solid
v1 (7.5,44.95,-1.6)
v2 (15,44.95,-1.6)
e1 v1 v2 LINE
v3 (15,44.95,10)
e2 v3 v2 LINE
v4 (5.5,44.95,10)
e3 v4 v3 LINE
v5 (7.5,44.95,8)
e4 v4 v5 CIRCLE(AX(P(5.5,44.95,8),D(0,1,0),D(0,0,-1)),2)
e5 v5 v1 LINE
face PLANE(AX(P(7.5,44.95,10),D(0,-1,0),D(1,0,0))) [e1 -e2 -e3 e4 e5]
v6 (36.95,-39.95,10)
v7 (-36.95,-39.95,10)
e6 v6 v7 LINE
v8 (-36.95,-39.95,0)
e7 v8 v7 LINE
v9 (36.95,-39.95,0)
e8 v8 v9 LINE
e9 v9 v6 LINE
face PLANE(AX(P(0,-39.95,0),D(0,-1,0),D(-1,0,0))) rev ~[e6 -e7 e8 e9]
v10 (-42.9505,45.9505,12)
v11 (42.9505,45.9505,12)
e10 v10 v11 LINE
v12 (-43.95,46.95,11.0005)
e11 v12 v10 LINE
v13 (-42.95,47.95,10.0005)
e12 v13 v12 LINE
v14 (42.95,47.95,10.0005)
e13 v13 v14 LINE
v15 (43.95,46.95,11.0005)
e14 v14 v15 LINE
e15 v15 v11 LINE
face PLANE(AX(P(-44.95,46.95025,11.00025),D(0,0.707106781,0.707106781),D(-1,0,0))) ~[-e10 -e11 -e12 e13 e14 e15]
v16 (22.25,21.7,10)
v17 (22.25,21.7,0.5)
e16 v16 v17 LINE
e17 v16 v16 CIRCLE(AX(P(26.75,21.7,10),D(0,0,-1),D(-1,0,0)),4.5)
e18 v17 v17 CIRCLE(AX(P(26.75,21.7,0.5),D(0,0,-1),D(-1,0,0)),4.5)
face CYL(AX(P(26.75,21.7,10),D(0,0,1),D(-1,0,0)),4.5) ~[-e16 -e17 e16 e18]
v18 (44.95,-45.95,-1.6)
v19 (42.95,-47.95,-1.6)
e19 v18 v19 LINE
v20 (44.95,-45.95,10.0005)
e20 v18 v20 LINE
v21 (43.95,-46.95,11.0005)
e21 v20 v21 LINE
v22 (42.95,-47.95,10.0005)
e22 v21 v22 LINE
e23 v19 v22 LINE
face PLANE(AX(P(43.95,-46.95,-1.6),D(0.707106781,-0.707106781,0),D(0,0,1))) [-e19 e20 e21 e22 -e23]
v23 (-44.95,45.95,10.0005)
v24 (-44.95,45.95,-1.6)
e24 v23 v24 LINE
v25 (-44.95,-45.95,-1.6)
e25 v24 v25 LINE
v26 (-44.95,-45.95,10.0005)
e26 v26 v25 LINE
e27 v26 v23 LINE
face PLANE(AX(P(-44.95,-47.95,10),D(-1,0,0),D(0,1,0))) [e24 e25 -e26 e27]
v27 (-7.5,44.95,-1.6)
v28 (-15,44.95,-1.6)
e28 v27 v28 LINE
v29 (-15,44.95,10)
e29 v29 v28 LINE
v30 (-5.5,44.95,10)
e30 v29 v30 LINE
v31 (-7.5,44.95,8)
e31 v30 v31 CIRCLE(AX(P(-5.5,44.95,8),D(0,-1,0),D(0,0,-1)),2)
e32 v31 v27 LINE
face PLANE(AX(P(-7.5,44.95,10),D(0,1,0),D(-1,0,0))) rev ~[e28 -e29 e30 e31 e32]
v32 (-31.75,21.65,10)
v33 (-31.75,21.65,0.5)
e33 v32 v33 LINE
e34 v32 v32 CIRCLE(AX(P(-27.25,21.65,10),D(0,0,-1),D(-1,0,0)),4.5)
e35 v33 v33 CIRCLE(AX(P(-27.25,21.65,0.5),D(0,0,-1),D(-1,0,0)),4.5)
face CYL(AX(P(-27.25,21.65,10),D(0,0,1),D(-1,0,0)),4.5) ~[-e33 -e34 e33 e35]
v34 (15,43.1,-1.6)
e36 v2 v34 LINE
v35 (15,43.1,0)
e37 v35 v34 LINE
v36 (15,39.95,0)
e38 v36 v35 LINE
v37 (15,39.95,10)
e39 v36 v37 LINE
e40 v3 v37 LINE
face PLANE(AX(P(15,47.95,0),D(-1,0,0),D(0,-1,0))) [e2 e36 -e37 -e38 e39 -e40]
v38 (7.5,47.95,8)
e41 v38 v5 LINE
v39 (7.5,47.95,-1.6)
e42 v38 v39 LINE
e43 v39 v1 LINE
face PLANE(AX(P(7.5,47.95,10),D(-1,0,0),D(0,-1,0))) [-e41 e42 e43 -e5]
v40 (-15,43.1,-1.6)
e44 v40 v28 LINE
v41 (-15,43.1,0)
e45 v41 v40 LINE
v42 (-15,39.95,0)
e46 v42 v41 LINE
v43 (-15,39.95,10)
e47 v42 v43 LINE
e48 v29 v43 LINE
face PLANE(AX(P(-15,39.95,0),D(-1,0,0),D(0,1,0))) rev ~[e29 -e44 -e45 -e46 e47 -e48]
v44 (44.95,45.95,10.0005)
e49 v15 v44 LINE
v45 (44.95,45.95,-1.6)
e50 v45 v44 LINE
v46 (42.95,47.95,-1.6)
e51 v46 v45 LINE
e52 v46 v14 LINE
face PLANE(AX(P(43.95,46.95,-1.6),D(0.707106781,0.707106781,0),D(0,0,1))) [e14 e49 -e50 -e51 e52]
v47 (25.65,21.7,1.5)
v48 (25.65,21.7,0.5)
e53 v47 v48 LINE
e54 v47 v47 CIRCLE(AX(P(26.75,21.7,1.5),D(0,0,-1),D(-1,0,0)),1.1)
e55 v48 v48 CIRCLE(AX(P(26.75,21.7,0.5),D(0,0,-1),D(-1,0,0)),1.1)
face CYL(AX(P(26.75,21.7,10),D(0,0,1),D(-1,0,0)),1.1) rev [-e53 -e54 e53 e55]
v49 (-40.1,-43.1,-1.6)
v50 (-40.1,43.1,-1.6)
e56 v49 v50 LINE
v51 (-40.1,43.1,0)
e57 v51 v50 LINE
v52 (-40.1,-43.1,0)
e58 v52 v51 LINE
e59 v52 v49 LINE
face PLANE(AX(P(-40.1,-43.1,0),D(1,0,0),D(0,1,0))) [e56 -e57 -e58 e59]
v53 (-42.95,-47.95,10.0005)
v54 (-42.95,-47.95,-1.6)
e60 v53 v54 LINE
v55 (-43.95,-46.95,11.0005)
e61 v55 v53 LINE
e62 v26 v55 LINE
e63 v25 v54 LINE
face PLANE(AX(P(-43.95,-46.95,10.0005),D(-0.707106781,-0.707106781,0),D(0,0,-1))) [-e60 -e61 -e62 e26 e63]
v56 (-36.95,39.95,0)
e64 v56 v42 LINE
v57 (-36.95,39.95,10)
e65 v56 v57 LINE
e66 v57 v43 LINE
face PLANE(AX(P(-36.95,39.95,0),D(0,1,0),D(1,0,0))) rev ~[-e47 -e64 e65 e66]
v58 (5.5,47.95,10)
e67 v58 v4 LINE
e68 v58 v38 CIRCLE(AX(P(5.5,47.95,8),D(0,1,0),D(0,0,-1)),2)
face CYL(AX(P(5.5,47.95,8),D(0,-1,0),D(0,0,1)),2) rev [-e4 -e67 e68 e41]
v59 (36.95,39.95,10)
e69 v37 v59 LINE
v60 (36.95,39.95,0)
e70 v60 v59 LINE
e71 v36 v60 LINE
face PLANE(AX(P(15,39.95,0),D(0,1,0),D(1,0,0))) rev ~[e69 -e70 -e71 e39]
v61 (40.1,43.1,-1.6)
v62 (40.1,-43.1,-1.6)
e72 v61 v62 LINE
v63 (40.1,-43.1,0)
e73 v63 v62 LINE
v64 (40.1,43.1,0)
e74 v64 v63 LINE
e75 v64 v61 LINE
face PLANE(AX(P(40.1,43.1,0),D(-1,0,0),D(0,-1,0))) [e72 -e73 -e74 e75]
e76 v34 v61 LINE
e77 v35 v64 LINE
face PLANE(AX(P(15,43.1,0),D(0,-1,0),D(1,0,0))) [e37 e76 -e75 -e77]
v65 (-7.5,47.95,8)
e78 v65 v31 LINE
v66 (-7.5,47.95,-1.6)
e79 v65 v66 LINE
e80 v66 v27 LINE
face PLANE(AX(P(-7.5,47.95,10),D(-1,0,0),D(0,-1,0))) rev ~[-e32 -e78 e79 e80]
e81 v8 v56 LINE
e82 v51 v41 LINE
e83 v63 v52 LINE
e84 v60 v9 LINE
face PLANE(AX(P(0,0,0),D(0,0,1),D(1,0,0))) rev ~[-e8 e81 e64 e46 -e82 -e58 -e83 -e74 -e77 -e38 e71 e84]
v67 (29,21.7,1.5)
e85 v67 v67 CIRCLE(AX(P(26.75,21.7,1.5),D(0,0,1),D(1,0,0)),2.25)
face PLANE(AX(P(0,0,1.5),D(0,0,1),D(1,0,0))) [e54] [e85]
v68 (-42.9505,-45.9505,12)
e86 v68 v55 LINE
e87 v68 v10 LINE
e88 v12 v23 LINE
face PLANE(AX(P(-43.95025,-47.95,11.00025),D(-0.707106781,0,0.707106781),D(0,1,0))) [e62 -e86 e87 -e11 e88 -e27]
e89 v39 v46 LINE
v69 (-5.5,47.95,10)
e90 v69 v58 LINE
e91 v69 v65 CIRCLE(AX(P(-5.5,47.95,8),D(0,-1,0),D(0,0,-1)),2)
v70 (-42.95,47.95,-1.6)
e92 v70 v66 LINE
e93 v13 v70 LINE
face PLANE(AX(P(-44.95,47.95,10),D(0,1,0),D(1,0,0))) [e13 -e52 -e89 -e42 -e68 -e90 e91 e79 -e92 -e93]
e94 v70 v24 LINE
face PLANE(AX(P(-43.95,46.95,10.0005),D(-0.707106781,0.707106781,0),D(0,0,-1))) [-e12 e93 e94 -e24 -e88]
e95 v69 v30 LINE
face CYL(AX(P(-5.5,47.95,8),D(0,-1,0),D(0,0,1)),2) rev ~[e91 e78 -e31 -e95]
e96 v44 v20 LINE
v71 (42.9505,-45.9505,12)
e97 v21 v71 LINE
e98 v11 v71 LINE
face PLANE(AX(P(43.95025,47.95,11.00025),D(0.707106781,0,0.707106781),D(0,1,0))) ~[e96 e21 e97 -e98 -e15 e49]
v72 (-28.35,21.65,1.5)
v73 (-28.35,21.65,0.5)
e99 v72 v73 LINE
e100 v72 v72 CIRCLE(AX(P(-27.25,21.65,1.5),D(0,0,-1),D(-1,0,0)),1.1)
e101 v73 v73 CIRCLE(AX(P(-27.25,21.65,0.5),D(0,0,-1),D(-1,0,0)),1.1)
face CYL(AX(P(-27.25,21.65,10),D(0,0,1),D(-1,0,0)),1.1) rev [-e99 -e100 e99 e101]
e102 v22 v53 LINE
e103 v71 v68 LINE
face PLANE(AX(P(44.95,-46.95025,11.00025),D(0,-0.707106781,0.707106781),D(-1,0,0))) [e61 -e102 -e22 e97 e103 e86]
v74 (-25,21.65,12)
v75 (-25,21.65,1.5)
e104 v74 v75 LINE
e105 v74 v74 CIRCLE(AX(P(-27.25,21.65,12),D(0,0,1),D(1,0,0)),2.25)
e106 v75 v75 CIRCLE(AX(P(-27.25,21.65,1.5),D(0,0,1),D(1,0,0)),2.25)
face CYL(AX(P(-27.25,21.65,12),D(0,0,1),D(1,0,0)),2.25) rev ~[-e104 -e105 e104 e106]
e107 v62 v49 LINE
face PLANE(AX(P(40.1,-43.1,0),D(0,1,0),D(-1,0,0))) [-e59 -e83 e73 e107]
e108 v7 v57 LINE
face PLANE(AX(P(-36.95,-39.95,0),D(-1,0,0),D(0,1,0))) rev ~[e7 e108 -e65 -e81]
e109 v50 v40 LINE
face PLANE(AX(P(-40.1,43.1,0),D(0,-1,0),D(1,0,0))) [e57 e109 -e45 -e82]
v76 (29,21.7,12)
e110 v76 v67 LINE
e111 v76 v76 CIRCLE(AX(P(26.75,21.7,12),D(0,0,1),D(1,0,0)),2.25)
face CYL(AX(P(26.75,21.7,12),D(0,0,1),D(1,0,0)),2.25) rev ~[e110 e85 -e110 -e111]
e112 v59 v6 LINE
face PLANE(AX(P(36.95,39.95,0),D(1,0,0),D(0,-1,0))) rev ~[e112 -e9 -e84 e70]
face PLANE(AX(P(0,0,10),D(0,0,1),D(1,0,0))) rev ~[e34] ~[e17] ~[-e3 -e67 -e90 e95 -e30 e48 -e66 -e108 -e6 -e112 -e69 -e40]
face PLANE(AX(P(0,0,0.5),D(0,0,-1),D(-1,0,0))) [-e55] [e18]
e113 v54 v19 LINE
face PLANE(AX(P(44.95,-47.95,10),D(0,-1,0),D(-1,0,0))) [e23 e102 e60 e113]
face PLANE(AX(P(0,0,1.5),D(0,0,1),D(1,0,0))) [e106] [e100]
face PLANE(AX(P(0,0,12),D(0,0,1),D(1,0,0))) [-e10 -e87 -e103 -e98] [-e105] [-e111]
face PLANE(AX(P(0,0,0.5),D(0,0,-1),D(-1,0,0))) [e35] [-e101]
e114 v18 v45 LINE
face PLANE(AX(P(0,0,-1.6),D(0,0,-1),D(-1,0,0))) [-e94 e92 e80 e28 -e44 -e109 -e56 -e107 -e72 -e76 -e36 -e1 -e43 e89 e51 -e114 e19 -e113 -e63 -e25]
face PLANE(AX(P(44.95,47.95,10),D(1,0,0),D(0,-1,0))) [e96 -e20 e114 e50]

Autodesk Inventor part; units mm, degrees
ref_plane "YZ Plane" through (0, 0, 0) normal (1, 0, 0) x (0, 1, 0)
ref_plane "XZ Plane" through (0, 0, 0) normal (0, 1, 0) x (-1, 0, 0)
ref_plane "XY Plane" through (0, 0, 0) normal (0, 0, 1) x (1, 0, 0)
sketch "Skizze1" plane through (0, 0, 0) normal (0, 0, 1) x (1, 0, 0)
  line L0 (-39.95, 42.95) -> (-39.95, -42.95) projected
  line L1 (-39.95, -42.95) -> (39.95, -42.95) projected
  line L2 (39.95, -42.95) -> (39.95, 42.95) projected
  line L3 (39.95, 42.95) -> (-39.95, 42.95) projected
  line L4 (-36.95, 39.95) -> (-15, 39.95)
  line L5 (36.95, 39.95) -> (36.95, -39.95)
  line L6 (36.95, -39.95) -> (-36.95, -39.95)
  line L7 (-36.95, -39.95) -> (-36.95, 39.95)
  line L8 (-36.95, 39.95) -> (36.95, -39.95) construction
  line L9 (36.95, 39.95) -> (-36.95, -39.95) construction
  line L10 (0, -67.13) -> (0, 67.13) projected
  line L11 (-15, 39.95) -> (-15, 42.95)
  line L12 (15, 39.95) -> (15, 42.95)
  line L13 (15, 39.95) -> (36.95, 39.95)
  line L14 (44.95, -47.95) -> (-44.95, -47.95)
  line L15 (-44.95, -47.95) -> (-44.95, 47.95)
  line L16 (-44.95, 47.95) -> (-15, 47.95)
  line L17 (44.95, 47.95) -> (44.95, -47.95)
  line L18 (44.95, -47.95) -> (-44.95, 47.95) construction
  line L19 (-44.95, -47.95) -> (44.95, 47.95) construction
  line L20 (-15, 42.95) -> (-15, 47.95)
  line L21 (15, 42.95) -> (15, 47.95)
  line L22 (15, 47.95) -> (44.95, 47.95)
  point P0 (0, 0)
  point P1 (-15, 41.45)
  dimension "d0" = 3
  dimension "d1" = 3
  dimension "d2" = 30
  dimension "d4" = 5
  dimension "d5" = 5
extrude "Extrusion1" add sketch "Skizze1" along normal blind 10 contours L3 L11 L4 L7 L6 L10 L1 L0 | L0 L1 L10 L14 L15 L16 L20 L3 | L10 L6 L5 L13 L12 L3 L2 L1 | L1 L2 L3 L21 L22 L17 L14 L10
sketch "Skizze2" plane through (0, 0, 0) normal (0, 0, -1) x (-1, 0, 0)
  line L0 (-39.95, 42.95) -> (39.95, 42.95) projected
  line L1 (39.95, 42.95) -> (39.95, -42.95) projected
  line L2 (39.95, -42.95) -> (-39.95, -42.95) projected
  line L3 (-39.95, -42.95) -> (-39.95, 42.95) projected
  line L4 (-44.95, -47.95) -> (-44.95, 47.95) projected
  line L5 (-44.95, 47.95) -> (-15, 47.95) projected
  line L6 (44.95, -47.95) -> (-44.95, -47.95) projected
  line L7 (44.95, 47.95) -> (44.95, -47.95) projected
  line L8 (15, 47.95) -> (44.95, 47.95) projected
  line L9 (15, 39.95) -> (15, 47.95) projected
  line L10 (15, 47.95) -> (44.95, 47.95) projected
  line L11 (15, 47.95) -> (15, 42.95)
  line L12 (15, 39.95) -> (15, 47.95) projected
  line L13 (15, 47.95) -> (44.95, 47.95)
  line L14 (44.95, 47.95) -> (44.95, -47.95) projected
  line L15 (44.95, -47.95) -> (44.95, 47.95)
  line L16 (15, 42.95) -> (39.95, 42.95)
  line L17 (39.95, 42.95) -> (39.95, -42.95)
  line L18 (39.95, -42.95) -> (-39.95, -42.95)
  line L19 (-39.95, 42.95) -> (-39.95, -42.95)
  line L20 (-39.95, 42.95) -> (-15, 42.95)
  line L21 (-15, 47.95) -> (-15, 39.95) projected
  line L22 (-15, 42.95) -> (-15, 47.95)
  line L23 (-44.95, -47.95) -> (-44.95, 47.95) projected
  line L24 (-15, 47.95) -> (-44.95, 47.95)
  line L25 (-44.95, 47.95) -> (-44.95, -47.95)
  line L26 (-40.1, -43.1) -> (40.1, -43.1)
  line L27 (40.1, -43.1) -> (40.1, 43.1)
  line L28 (40.1, 43.1) -> (-40.1, 43.1)
  line L29 (-40.1, 43.1) -> (-40.1, -43.1)
  line L30 (-40.1, -43.1) -> (40.1, 43.1) construction
  line L31 (40.1, -43.1) -> (-40.1, 43.1) construction
  point P0 (0, 0)
  point P1 (15, 43.1)
  point P2 (-15, 43.1)
  dimension "d35" = 80.2
  dimension "d36" = 86.2
extrude "Extrusion2" add sketch "Skizze2" along normal blind 1.6 contours L28 L29 L26 L27 L9 L8 L7 L6 L4 L5 L21
sketch "Skizze3" plane through (0, 0, 10) normal (0, 0, 1) x (1, 0, 0)
  line L0 (44.95, -47.95) -> (-44.95, -47.95) projected
  line L1 (-44.95, 47.95) -> (44.95, 47.95)
  line L2 (44.95, 47.95) -> (44.95, -47.95)
  line L3 (44.95, -47.95) -> (-44.95, -47.95)
  line L4 (-44.95, -47.95) -> (-44.95, 47.95)
  point P0 (0, 0)
extrude "Extrusion3" add sketch "Skizze3" along normal blind 2
sketch "Skizze4" plane through (0, 0, 10) normal (0, 0, -1) x (-1, 0, 0)
  line L0 (15, 39.95) -> (15, 47.95) projected
  line L1 (-15, 47.95) -> (15, 47.95) projected
  line L2 (-15, 47.95) -> (-15, 39.95) projected
  line L3 (-15, 39.95) -> (-36.95, 39.95) projected
  line L4 (-36.95, 39.95) -> (-36.95, -39.95) projected
  line L5 (-36.95, -39.95) -> (36.95, -39.95) projected
  line L6 (36.95, -39.95) -> (36.95, 39.95) projected
  line L7 (36.95, 39.95) -> (15, 39.95) projected
  line L8 (0, -67.13) -> (0, 67.13) projected
  line L9 (-15, 47.95) -> (15, 47.95) projected
  line L10 (15, 47.95) -> (7.5, 47.95)
  line L11 (7.5, 47.95) -> (7.5, 44.95)
  line L12 (7.5, 44.95) -> (15, 44.95)
  line L13 (15, 44.95) -> (15, 47.95)
  line L14 (-15, 39.95) -> (-15, 47.95)
  line L15 (15, 47.95) -> (-15, 47.95)
  line L16 (-7.5, 47.95) -> (-7.5, 44.95)
  line L17 (-7.5, 44.95) -> (-15, 44.95)
  point P0 (0, 0)
  point P1 (-7.5, 47.95)
  point P2 (-15, 44.95)
  point P3 (15, 44.95)
  point P4 (7.5, 47.95)
  point P5 (7.5, 46.45)
  point P6 (11.25, 47.95)
  dimension "d14" = 15
  dimension "d15" = 3
extrude "Extrusion4" add sketch "Skizze4" along normal up to surface (11.6 mm away) contours L12 L11 L1 L0 | L16 L17 L2 L1
fillet "Rundung1" radius 2 2 edges at (-7.5, 46.45, 10) (7.5, 46.45, 10)
fillet "Rundung2" [suppressed]
fillet "Rundung3" [suppressed]
sketch "Skizze5" plane through (0, 0, 10) normal (0, 0, -1) x (-1, 0, 0)
  circle A0 centre (-26.75, 21.7) radius 1.1 projected
  circle A1 centre (27.25, 21.65) radius 1.1 projected
  point P0 (0, 0)
extrude "Extrusion5" cut sketch "Skizze5" against normal through all
sketch "Skizze6" plane through (0, 0, 10) normal (0, 0, -1) x (-1, 0, 0)
  point P0 (0, 0)
sketch "Skizze7" plane through (0, 0, 10) normal (0, 0, -1) x (-1, 0, 0)
  circle A0 centre (27.25, 21.65) radius 1.1 projected
  circle A1 centre (-26.75, 21.7) radius 1.1 projected
  line L0 (-5.5, 44.95) -> (-5.5, 47.95) projected
  line L1 (-5.5, 44.95) -> (-15, 44.95) projected
  line L2 (-15, 44.95) -> (-15, 39.95) projected
  line L3 (-15, 39.95) -> (-36.95, 39.95) projected
  line L4 (-36.95, 39.95) -> (-36.95, -39.95) projected
  line L5 (-36.95, -39.95) -> (36.95, -39.95) projected
  line L6 (36.95, -39.95) -> (36.95, 39.95) projected
  line L7 (36.95, 39.95) -> (15, 39.95) projected
  line L8 (15, 39.95) -> (15, 44.95) projected
  line L9 (15, 44.95) -> (5.5, 44.95) projected
  line L10 (5.5, 47.95) -> (5.5, 44.95) projected
  circle A2 centre (27.25, 21.65) radius 1.1 projected
  circle A3 centre (27.25, 21.65) radius 4.5
  line L11 (0, -67.13) -> (0, 67.13) projected
  circle A4 centre (-26.75, 21.7) radius 4.5
  line L12 (-5.5, 47.95) -> (5.5, 47.95) projected
  point P0 (0, 0)
  dimension "d21" = 9
extrude "Extrusion6" add sketch "Skizze7" along normal blind 9.5 contours A3 | A4
sketch "Skizze8" plane through (0, 0, 12) normal (0, 0, 1) x (1, 0, 0)
  line L0 (0, -67.13) -> (0, 67.13) projected
  circle A0 centre (-27.25, 21.65) radius 1.1 projected
  circle A1 centre (-27.25, 21.65) radius 2.25
  circle A2 centre (26.75, 21.7) radius 1.1 projected
  circle A3 centre (26.75, 21.7) radius 2.25
  point P0 (0, 0)
  dimension "d24" = 4.5
  dimension "d25" = 4.5
extrude "Extrusion7" cut sketch "Skizze8" against normal blind 10.5
chamfer "Fase1" distance 2 angle 45 4 edges at (44.95, 0, 12) (0, -47.95, 12) (0, 47.95, 12) (-44.95, 0, 12)
chamfer "Fase2" distance 2 angle 45 4 edges at (-44.95, 47.95, 4.2002) (-44.95, -47.95, 4.2003) (44.95, -47.95, 4.2003) (44.95, 47.95, 4.2002)
properties part number "Bottom" material "Glas"
